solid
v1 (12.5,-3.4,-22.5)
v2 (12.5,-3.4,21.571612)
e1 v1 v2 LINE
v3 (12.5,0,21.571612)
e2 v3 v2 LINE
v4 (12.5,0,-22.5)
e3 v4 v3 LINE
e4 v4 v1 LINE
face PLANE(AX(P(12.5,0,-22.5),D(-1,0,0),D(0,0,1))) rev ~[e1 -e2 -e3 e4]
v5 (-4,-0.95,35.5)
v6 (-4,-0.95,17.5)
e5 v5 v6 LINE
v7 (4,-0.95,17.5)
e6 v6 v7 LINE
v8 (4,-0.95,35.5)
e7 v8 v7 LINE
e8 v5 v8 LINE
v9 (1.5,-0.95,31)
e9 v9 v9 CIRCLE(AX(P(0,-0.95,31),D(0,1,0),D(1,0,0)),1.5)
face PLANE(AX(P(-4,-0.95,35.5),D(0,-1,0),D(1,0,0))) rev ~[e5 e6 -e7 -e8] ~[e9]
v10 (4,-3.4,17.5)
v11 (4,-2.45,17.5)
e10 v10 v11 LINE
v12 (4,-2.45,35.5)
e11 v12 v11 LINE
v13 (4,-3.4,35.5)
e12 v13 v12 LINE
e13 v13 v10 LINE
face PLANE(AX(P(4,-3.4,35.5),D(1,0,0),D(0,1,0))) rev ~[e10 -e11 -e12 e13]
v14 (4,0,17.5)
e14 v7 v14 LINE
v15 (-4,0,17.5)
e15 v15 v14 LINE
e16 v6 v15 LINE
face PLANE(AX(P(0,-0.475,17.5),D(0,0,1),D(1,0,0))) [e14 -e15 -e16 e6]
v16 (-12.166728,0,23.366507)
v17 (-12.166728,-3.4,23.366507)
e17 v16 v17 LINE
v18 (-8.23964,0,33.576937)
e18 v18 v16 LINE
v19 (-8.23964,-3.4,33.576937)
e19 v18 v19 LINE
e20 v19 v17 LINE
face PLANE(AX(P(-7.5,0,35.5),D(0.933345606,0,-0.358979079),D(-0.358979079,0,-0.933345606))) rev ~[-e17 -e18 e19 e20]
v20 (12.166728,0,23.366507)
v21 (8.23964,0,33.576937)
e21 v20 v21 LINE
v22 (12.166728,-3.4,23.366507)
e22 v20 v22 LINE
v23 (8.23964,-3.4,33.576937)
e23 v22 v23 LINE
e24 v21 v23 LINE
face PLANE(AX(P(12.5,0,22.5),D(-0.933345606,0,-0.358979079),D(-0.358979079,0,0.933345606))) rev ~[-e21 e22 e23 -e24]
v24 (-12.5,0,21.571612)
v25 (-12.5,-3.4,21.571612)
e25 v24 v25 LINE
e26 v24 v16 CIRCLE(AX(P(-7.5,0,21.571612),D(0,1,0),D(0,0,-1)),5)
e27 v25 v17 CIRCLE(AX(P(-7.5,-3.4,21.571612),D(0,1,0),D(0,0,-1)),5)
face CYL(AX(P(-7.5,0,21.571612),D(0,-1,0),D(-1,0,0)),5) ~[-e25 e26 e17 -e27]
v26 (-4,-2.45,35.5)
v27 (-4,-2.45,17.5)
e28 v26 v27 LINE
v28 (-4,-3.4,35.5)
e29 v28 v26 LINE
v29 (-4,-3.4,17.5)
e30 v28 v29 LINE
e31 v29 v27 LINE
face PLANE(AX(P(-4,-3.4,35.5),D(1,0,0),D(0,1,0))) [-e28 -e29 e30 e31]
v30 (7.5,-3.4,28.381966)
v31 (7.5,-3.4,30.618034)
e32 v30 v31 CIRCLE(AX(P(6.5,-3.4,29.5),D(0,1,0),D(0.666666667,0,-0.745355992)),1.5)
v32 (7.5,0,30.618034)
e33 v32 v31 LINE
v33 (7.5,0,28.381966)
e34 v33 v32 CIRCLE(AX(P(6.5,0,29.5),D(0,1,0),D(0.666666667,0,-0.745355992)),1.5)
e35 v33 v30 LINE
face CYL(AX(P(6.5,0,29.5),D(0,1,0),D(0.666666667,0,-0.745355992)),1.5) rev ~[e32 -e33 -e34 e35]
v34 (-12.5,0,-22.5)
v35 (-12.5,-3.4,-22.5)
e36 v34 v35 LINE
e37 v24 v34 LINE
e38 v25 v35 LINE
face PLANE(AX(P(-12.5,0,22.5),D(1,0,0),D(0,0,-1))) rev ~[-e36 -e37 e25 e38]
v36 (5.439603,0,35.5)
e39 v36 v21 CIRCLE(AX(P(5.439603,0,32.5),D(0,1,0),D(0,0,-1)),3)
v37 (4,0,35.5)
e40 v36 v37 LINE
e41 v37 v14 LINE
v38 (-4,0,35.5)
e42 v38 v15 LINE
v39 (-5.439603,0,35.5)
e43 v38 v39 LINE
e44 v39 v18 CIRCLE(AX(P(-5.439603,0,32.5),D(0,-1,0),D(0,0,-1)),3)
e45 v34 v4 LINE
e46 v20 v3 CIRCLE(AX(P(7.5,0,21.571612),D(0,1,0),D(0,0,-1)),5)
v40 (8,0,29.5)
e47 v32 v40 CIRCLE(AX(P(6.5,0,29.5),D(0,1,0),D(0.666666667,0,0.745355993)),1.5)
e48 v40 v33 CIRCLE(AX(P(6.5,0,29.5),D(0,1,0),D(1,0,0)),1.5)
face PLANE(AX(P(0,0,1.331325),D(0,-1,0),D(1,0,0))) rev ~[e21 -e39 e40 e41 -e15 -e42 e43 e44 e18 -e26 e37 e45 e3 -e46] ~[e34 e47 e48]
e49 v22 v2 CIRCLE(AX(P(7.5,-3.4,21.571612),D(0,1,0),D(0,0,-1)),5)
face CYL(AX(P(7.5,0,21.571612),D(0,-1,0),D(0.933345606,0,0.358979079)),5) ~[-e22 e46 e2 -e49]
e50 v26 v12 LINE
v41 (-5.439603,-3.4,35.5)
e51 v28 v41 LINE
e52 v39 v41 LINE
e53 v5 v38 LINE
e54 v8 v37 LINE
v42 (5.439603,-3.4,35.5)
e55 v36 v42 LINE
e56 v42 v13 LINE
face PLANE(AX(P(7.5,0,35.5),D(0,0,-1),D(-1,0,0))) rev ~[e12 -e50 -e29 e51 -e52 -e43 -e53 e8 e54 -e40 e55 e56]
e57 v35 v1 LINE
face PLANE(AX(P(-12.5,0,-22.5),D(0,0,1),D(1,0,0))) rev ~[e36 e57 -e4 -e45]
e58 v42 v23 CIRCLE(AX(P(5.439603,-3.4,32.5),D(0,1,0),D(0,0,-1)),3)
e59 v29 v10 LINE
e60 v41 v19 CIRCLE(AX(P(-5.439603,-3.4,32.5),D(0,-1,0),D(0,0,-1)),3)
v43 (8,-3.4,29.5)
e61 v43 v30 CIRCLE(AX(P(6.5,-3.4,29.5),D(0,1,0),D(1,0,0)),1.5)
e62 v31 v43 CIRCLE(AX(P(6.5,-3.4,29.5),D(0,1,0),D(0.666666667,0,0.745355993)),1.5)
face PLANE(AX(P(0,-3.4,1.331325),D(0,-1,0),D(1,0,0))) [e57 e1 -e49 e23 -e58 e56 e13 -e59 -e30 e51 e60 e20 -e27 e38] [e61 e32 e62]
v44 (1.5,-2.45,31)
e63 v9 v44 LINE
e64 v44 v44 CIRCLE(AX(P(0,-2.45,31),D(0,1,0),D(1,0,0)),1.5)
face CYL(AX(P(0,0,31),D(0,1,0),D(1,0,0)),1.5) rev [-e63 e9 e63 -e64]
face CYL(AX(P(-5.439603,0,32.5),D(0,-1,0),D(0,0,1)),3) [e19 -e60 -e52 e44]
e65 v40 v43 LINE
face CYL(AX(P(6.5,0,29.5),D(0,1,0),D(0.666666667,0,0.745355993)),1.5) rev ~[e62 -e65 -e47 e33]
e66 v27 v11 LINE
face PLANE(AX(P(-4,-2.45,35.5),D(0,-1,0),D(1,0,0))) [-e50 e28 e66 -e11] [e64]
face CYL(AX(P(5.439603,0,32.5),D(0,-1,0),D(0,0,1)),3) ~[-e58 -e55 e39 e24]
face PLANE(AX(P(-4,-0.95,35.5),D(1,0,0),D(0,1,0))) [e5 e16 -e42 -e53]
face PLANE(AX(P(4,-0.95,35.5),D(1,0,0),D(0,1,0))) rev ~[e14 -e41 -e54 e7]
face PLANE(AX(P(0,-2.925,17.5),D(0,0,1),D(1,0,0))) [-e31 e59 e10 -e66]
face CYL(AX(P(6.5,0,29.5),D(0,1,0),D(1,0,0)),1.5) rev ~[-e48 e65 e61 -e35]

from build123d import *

# Parameters (mm, degrees)
F1_R     = 1.5
F1_W     = 15
F1_H     = 13
F2_DEPTH = 3.4
F3_W     = 8
F3_H     = 0.95
F4_DEPTH = 18
F5_DEPTH = 18
F6_R     = 3
F7_R     = 3
F8_R     = 5
F9_R     = 5


with BuildPart() as f2:
    # F1 (on Front) → F2 (new body)
    with BuildSketch(Plane.XZ):
        Polygon((12.5, -22.5), (12.5, 22.5), (7.5, 22.5), (7.5, 9.5), (-7.5, 9.5), (-7.5, 22.5), (-12.5, 22.5), (-12.5, -22.5), align=None)
        with BuildLine():
            Line((7.5, 22.5), (12.5, 22.5))
            Line((12.5, 22.5), (7.5, 35.5))
            Line((7.5, 35.5), (7.5, 30.6180339887))
            ThreePointArc((7.5, 30.6180339887), (7.8693063938, 30.1123724357), (8, 29.5))
            ThreePointArc((8, 29.5), (7.8693063938, 28.8876275643), (7.5, 28.3819660113))
            Line((7.5, 28.3819660113), (7.5, 22.5))
        make_face()
        with BuildLine():
            Line((-7.5, 22.5), (7.5, 22.5))
            Line((7.5, 22.5), (7.5, 28.3819660113))
            ThreePointArc((7.5, 28.3819660113), (5, 29.5), (7.5, 30.6180339887))
            Line((7.5, 30.6180339887), (7.5, 35.5))
            Line((7.5, 35.5), (-7.5, 35.5))
            Line((-7.5, 35.5), (-7.5, 22.5))
        make_face()
        with Locations((0, 31)):
            Circle(F1_R, mode=Mode.SUBTRACT)
        Polygon((-12.5, 22.5), (-7.5, 22.5), (-7.5, 35.5), align=None)
        with Locations((0, 16)):
            Rectangle(F1_W, F1_H)
    extrude(amount=F2_DEPTH)

    # F3 (on face) → F4 (cut)
    with BuildSketch(Plane.XY.offset(35.5)):
        with Locations((0, -0.475)):
            Rectangle(F3_W, F3_H)
    extrude(amount=-F4_DEPTH, mode=Mode.SUBTRACT)

    # F3 (on face) → F5 (cut)
    with BuildSketch(Plane.XY.offset(35.5)):
        with Locations((0, -2.925)):
            Rectangle(F3_W, F3_H)
    extrude(amount=-F5_DEPTH, mode=Mode.SUBTRACT)

    # F6
    f6_edges = [f2.edges().sort_by_distance(p)[0] for p in [
        (-7.5, -1.7, 35.5),
    ]]
    fillet(f6_edges, radius=F6_R)

    # F7
    f7_edges = [f2.edges().sort_by_distance(p)[0] for p in [
        (7.5, -1.7, 35.5),
    ]]
    fillet(f7_edges, radius=F7_R)

    # F8
    f8_edges = [f2.edges().sort_by_distance(p)[0] for p in [
        (12.5, -1.7, 22.5),
    ]]
    fillet(f8_edges, radius=F8_R)

    # F9
    f9_edges = [f2.edges().sort_by_distance(p)[0] for p in [
        (-12.5, -1.7, 22.5),
    ]]
    fillet(f9_edges, radius=F9_R)


solid = f2.part
